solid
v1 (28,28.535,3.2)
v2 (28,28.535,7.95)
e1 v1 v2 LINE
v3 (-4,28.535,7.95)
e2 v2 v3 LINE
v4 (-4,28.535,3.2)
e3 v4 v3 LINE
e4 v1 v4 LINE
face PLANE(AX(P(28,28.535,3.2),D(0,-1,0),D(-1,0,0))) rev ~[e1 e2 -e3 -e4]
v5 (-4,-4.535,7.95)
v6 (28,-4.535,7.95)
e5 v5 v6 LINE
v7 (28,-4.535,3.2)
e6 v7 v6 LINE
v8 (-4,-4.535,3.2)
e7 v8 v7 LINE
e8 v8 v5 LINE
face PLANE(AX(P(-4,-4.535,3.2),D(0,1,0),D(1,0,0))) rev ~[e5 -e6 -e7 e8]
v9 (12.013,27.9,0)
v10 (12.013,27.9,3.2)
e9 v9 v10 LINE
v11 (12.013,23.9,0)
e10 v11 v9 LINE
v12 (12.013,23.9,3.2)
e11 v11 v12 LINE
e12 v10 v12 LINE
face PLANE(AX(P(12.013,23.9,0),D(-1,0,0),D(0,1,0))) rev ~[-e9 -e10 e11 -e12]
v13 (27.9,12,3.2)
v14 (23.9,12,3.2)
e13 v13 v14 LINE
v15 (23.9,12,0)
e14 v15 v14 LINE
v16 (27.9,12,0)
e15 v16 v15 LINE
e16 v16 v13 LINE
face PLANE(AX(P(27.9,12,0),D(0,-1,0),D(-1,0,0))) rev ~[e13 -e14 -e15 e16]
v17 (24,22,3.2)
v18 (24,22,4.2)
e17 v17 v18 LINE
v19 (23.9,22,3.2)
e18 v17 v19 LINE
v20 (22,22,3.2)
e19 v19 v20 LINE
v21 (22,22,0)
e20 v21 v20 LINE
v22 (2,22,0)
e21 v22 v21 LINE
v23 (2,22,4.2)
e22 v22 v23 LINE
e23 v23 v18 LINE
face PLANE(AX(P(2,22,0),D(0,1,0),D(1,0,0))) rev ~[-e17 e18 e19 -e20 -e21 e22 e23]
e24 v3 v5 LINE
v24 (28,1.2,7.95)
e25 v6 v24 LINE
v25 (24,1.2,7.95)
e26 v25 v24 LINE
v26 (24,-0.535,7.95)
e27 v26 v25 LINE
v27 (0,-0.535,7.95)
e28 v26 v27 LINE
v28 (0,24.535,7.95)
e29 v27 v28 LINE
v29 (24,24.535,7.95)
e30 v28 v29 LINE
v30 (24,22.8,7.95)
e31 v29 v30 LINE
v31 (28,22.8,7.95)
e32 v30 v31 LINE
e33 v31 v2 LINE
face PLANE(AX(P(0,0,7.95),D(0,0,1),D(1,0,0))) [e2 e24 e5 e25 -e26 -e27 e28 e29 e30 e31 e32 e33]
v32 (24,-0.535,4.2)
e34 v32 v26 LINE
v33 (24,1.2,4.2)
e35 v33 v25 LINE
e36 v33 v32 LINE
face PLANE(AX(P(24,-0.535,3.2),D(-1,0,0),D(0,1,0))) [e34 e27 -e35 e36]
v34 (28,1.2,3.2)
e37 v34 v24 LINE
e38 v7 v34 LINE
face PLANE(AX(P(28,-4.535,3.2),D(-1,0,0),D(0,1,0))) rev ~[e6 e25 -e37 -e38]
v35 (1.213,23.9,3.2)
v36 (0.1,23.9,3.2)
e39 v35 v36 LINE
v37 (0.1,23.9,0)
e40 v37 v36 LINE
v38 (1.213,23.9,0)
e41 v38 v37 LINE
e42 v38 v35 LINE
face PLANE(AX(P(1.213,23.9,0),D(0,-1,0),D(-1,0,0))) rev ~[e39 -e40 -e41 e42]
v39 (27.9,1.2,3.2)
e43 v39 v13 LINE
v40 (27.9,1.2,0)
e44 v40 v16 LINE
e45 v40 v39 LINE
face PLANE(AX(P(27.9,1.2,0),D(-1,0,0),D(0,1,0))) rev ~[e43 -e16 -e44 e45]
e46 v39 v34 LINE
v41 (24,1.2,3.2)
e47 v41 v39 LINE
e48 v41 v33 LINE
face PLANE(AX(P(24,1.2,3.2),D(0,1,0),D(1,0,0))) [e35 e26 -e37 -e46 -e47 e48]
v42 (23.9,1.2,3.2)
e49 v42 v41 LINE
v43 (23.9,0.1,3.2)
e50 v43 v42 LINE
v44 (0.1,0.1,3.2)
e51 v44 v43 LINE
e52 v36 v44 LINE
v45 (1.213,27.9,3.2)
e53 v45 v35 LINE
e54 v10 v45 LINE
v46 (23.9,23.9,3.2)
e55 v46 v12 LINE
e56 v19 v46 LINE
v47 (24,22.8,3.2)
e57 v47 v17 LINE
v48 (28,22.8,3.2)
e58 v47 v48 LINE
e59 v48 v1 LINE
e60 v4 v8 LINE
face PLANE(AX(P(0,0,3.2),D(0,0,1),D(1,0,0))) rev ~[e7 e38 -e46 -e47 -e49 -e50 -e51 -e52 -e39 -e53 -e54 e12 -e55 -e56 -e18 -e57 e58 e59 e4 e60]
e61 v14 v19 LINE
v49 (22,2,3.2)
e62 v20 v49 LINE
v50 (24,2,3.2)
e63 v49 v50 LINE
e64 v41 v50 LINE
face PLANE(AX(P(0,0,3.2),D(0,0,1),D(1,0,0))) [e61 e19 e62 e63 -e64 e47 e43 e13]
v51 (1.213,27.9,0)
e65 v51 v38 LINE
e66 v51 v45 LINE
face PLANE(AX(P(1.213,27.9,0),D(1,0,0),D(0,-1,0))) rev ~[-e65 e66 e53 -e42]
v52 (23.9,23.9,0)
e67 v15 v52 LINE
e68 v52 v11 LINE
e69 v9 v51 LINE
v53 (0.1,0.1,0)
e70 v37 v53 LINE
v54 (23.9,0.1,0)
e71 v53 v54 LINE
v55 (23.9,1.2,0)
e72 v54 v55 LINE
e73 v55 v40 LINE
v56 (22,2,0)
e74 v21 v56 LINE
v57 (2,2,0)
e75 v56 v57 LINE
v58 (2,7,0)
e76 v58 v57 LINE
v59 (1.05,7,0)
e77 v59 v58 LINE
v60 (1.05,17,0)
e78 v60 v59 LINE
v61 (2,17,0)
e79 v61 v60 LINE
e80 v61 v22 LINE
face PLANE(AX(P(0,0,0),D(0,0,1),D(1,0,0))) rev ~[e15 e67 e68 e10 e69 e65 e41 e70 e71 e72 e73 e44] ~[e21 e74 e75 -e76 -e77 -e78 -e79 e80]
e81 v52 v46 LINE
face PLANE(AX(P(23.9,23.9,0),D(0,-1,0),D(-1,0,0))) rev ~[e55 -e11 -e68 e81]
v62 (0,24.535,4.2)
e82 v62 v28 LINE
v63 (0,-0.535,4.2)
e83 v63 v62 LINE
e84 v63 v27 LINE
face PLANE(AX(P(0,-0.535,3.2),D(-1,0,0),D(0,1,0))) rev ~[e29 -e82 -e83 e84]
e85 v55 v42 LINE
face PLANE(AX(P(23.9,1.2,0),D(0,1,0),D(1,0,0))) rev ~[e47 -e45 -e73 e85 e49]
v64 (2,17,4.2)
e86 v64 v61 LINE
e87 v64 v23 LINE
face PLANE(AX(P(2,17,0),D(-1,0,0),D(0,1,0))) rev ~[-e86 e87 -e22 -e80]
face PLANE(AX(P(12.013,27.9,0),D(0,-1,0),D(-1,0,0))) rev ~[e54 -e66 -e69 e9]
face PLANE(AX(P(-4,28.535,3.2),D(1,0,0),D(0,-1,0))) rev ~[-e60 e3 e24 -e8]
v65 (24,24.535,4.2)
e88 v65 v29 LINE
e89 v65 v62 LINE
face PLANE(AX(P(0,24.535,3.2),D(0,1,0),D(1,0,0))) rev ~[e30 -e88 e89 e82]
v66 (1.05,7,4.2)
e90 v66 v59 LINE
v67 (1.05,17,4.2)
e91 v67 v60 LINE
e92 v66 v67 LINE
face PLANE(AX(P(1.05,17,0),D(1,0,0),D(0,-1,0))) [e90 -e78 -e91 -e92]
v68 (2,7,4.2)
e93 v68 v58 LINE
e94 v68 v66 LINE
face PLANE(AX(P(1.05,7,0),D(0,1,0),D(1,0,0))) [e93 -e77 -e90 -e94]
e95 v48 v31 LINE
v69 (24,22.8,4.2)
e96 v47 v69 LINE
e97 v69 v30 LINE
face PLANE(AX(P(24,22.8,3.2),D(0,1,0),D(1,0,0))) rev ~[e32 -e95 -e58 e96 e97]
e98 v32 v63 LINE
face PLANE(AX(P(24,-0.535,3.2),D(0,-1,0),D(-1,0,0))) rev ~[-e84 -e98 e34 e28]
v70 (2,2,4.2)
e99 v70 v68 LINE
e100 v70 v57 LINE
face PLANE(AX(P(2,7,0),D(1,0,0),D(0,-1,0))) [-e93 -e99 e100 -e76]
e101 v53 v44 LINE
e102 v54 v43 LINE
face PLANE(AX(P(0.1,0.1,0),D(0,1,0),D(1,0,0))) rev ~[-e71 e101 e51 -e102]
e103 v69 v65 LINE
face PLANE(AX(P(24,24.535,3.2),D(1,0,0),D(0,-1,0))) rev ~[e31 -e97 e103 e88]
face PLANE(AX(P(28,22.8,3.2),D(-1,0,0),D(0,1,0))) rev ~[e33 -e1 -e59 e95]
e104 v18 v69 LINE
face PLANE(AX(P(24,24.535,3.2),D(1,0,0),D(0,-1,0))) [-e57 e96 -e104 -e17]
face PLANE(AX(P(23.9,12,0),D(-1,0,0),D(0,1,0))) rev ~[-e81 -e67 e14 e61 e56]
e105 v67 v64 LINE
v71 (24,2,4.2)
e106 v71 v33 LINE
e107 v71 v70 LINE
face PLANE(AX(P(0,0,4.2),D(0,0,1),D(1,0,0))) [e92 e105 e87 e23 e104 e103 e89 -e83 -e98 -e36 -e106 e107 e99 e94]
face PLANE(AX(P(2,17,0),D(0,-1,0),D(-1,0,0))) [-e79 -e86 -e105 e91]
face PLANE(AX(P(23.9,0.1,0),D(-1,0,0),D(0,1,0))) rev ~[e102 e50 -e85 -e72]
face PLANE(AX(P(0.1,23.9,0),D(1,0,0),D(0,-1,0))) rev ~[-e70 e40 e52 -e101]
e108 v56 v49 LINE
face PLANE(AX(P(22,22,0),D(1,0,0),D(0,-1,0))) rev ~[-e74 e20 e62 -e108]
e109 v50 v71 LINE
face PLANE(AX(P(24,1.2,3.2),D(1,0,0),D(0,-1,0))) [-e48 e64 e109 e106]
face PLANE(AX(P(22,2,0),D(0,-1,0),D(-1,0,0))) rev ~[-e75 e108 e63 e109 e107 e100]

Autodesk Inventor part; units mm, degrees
ref_plane "YZ Plane" through (0, 0, 0) normal (1, 0, 0) x (0, 1, 0)
ref_plane "XZ Plane" through (0, 0, 0) normal (0, 1, 0) x (-1, 0, 0)
ref_plane "XY Plane" through (0, 0, 0) normal (0, 0, 1) x (1, 0, 0)
sketch "Sketch1" plane through (0, 0, 0) normal (0, 0, 1) x (1, 0, 0)
  line L0 (0, 0) -> (0, 24) construction
  line L1 (0, 24) -> (1.113, 24) construction
  line L2 (1.113, 24) -> (1.113, 28) construction
  line L3 (1.113, 28) -> (12.113, 28) construction
  line L4 (12.113, 28) -> (12.113, 24) construction
  line L5 (12.113, 24) -> (24, 24) construction
  line L6 (24, 24) -> (24, 12.1) construction
  line L7 (24, 12.1) -> (28, 12.1) construction
  line L8 (28, 12.1) -> (28, 1.1) construction
  line L9 (28, 1.1) -> (24, 1.1) construction
  line L10 (24, 1.1) -> (24, 0) construction
  line L11 (24, 0) -> (0, 0) construction
  line L12 (12.013, 27.9) -> (1.213, 27.9)
  line L13 (1.213, 27.9) -> (1.213, 23.9)
  line L14 (1.213, 23.9) -> (0.1, 23.9)
  line L15 (0.1, 23.9) -> (0.1, 0.1)
  line L16 (0.1, 0.1) -> (23.9, 0.1)
  line L17 (23.9, 0.1) -> (23.9, 1.2)
  line L18 (23.9, 1.2) -> (27.9, 1.2)
  line L19 (27.9, 1.2) -> (27.9, 12)
  line L20 (27.9, 12) -> (23.9, 12)
  line L21 (23.9, 12) -> (23.9, 23.9)
  line L22 (23.9, 23.9) -> (12.013, 23.9)
  line L23 (12.013, 23.9) -> (12.013, 27.9)
  circle A0 centre (-1.945, 26.005) radius 1.548
  circle A1 centre (26.025, 26.005) radius 1.548
  circle A2 centre (-2.025, -2.005) radius 1.548
  circle A3 centre (26.025, -2.005) radius 1.548
  line L24 (0.1, 23.9) -> (23.9, 0.1) construction
  line L25 (23.9, 23.9) -> (0.1, 0.1) construction
  line L26 (-1.945, 26.005) -> (26.025, -2.005) construction
  line L27 (-2.025, -2.005) -> (26.025, 26.005) construction
  line L28 (2, 22) -> (22, 22)
  line L29 (22, 22) -> (22, 2)
  line L30 (22, 2) -> (2, 2)
  line L31 (2, 2) -> (2, 22) construction
  line L32 (2, 17) -> (1.05, 17)
  line L33 (1.05, 17) -> (1.05, 7)
  line L34 (1.05, 7) -> (2, 7)
  line L35 (2, 17) -> (2, 22)
  line L36 (2, 7) -> (2, 2)
  point P0 (12, 12)
  point P1 (1.05, 12)
  point P2 (12, 12)
  dimension "d0" = 24
  dimension "d1" = 1.113
  dimension "d2" = 4
  dimension "d3" = 11
  dimension "d4" = 11.887
  dimension "d5" = 11.9
  dimension "d6" = 4
  dimension "d7" = 11
  dimension "d8" = 1.1
  dimension "d9" = 0.1
  dimension "d10" = 3.096
  dimension "d11" = 27.97
  dimension "d12" = 28.01
  dimension "d15" = 20
  dimension "d16" = 0.95
  dimension "d17" = 10
extrude "Extrusion1" add sketch "Sketch1" along normal blind 3.2 contours L23 L22 L21 L20 L19 L18 L17 L16 L15 L14 L13 L12
sketch "Sketch2" plane through (0, 0, 3.2) normal (0, 0, 1) x (1, 0, 0)
  line L0 (0, 24.535) -> (24, 24.535)
  line L1 (24, 24.535) -> (24, -0.535) construction
  line L2 (24, -0.535) -> (0, -0.535)
  line L3 (0, -0.535) -> (0, 24.535)
  line L4 (22, 22) -> (22, 2) projected
  line L5 (1.3564, 23.1456) -> (22, 2) construction
  line L6 (22, 22) -> (2.0347, 2) construction
  line L7 (2, 22) -> (22, 22) projected
  line L8 (28, 28.535) -> (-4, 28.535)
  line L9 (-4, 28.535) -> (-4, -4.535)
  line L10 (-4, -4.535) -> (28, -4.535)
  line L11 (28, -4.535) -> (28, 28.535)
  line L12 (24, 1.2) -> (28, 1.2)
  line L13 (24, 22.8) -> (28, 22.8)
  line L14 (24, 24.535) -> (24, 22.8)
  line L15 (24, -0.535) -> (24, 1.2)
  line L16 (23.9, 0.1) -> (23.9, 1.2) projected
  point P0 (0, 0)
  point P1 (12, 24.535)
  point P2 (12, 22)
  point P3 (24, 12)
  point P4 (22, 12)
  dimension "d18" = 25.07
  dimension "d19" = 24
  dimension "d20" = 4
  dimension "d21" = 1.735
  dimension "d22" = 1.735
extrude "Extrusion2" add sketch "Sketch2" along normal blind 4.75 contours L3 L2 L15 L12 L11 L10 L9 L8 L13 L14 L0
sketch "Sketch3" plane through (0, 0, 3.2) normal (0, 0, 1) x (1, 0, 0)
  line L0 (28, 1.2) -> (24, 1.2) projected
  line L1 (24, 1.2) -> (24, -0.535) projected
  line L2 (24, -0.535) -> (0, -0.535) projected
  line L3 (0, -0.535) -> (0, 24.535) projected
  line L4 (0, 24.535) -> (24, 24.535) projected
  line L5 (24, 24.535) -> (24, 22.8) projected
  line L6 (24, 22.8) -> (28, 22.8) projected
  line L7 (28, 22.8) -> (28, 28.535) projected
  line L8 (28, 28.535) -> (-4, 28.535) projected
  line L9 (-4, 28.535) -> (-4, -4.535) projected
  line L10 (-4, -4.535) -> (28, -4.535) projected
  line L11 (28, -4.535) -> (28, 1.2) projected
  line L12 (12.013, 24.535) -> (1.213, 24.535) projected
  line L13 (1.213, 24.535) -> (1.213, 23.9) projected
  line L14 (1.213, 23.9) -> (0.1, 23.9) projected
  line L15 (0.1, 23.9) -> (0.1, 0.1) projected
  line L16 (0.1, 0.1) -> (23.9, 0.1) projected
  line L17 (23.9, 0.1) -> (23.9, 1.2) projected
  line L18 (23.9, 1.2) -> (24, 1.2) projected
  line L19 (24, 1.2) -> (27.9, 1.2) projected
  line L20 (27.9, 1.2) -> (27.9, 12) projected
  line L21 (27.9, 12) -> (23.9, 12) projected
  line L22 (23.9, 12) -> (23.9, 23.9) projected
  line L23 (23.9, 23.9) -> (12.013, 23.9) projected
  line L24 (12.013, 23.9) -> (12.013, 24.535) projected
  line L25 (22, 22) -> (22, 2) projected
  line L26 (22, 2) -> (2, 2) projected
  line L27 (2, 2) -> (2, 7) projected
  line L28 (2, 7) -> (1.05, 7) projected
  line L29 (1.05, 7) -> (1.05, 17) projected
  line L30 (1.05, 17) -> (2, 17) projected
  line L31 (2, 17) -> (2, 22) projected
  line L32 (2, 22) -> (22, 22) projected
  line L33 (0, 24.535) -> (1.213, 24.535) projected
  line L34 (0, 24.535) -> (24, 24.535)
  line L35 (24, 24.535) -> (24, 22.8) projected
  line L36 (2, 22) -> (22, 22) projected
  line L37 (12.013, 24.535) -> (24, 24.535) projected
  line L38 (24, 24.535) -> (24, 22)
  line L39 (2, 17) -> (2, 22) projected
  line L40 (24, 22) -> (2, 22)
  line L41 (2, 22) -> (2, 17)
  line L42 (1.05, 7) -> (1.05, 17) projected
  line L43 (2, 17) -> (1.05, 17)
  line L44 (1.05, 17) -> (1.05, 7)
  line L45 (2, 2) -> (2, 7) projected
  line L46 (1.05, 7) -> (2, 7)
  line L47 (2, 7) -> (2, 2)
  line L48 (2, 2) -> (24, 2)
  line L49 (24, 2) -> (24, 1.2)
  line L50 (24, 1.2) -> (24, -0.535) projected
  line L51 (24, 1.2) -> (24, -0.535)
  line L52 (24, -0.535) -> (0, -0.535)
  line L53 (0, -0.535) -> (0, 24.535) projected
  line L54 (0, 24.535) -> (0, -0.535)
  line L55 (24, -0.535) -> (0, -0.535) projected
  line L56 (0, -0.535) -> (24, -0.535)
  line L57 (24, -0.535) -> (24, 2)
  point P0 (0, 0)
  point P1 (23.9, 22)
extrude "Extrusion3" add sketch "Sketch3" along normal blind 1 contours L1 L2 L3 L4 L13 L14 L15 L16 L17 L18 | L18 L17 L16 L15 L14 L13 L4 L24 L23 L22 L40 L32 L31 L30 L29 L28 L27 L26 L48 L49 | L22 L23 L24 L4 L5 L38 L40
properties part number "Camera Mod"
